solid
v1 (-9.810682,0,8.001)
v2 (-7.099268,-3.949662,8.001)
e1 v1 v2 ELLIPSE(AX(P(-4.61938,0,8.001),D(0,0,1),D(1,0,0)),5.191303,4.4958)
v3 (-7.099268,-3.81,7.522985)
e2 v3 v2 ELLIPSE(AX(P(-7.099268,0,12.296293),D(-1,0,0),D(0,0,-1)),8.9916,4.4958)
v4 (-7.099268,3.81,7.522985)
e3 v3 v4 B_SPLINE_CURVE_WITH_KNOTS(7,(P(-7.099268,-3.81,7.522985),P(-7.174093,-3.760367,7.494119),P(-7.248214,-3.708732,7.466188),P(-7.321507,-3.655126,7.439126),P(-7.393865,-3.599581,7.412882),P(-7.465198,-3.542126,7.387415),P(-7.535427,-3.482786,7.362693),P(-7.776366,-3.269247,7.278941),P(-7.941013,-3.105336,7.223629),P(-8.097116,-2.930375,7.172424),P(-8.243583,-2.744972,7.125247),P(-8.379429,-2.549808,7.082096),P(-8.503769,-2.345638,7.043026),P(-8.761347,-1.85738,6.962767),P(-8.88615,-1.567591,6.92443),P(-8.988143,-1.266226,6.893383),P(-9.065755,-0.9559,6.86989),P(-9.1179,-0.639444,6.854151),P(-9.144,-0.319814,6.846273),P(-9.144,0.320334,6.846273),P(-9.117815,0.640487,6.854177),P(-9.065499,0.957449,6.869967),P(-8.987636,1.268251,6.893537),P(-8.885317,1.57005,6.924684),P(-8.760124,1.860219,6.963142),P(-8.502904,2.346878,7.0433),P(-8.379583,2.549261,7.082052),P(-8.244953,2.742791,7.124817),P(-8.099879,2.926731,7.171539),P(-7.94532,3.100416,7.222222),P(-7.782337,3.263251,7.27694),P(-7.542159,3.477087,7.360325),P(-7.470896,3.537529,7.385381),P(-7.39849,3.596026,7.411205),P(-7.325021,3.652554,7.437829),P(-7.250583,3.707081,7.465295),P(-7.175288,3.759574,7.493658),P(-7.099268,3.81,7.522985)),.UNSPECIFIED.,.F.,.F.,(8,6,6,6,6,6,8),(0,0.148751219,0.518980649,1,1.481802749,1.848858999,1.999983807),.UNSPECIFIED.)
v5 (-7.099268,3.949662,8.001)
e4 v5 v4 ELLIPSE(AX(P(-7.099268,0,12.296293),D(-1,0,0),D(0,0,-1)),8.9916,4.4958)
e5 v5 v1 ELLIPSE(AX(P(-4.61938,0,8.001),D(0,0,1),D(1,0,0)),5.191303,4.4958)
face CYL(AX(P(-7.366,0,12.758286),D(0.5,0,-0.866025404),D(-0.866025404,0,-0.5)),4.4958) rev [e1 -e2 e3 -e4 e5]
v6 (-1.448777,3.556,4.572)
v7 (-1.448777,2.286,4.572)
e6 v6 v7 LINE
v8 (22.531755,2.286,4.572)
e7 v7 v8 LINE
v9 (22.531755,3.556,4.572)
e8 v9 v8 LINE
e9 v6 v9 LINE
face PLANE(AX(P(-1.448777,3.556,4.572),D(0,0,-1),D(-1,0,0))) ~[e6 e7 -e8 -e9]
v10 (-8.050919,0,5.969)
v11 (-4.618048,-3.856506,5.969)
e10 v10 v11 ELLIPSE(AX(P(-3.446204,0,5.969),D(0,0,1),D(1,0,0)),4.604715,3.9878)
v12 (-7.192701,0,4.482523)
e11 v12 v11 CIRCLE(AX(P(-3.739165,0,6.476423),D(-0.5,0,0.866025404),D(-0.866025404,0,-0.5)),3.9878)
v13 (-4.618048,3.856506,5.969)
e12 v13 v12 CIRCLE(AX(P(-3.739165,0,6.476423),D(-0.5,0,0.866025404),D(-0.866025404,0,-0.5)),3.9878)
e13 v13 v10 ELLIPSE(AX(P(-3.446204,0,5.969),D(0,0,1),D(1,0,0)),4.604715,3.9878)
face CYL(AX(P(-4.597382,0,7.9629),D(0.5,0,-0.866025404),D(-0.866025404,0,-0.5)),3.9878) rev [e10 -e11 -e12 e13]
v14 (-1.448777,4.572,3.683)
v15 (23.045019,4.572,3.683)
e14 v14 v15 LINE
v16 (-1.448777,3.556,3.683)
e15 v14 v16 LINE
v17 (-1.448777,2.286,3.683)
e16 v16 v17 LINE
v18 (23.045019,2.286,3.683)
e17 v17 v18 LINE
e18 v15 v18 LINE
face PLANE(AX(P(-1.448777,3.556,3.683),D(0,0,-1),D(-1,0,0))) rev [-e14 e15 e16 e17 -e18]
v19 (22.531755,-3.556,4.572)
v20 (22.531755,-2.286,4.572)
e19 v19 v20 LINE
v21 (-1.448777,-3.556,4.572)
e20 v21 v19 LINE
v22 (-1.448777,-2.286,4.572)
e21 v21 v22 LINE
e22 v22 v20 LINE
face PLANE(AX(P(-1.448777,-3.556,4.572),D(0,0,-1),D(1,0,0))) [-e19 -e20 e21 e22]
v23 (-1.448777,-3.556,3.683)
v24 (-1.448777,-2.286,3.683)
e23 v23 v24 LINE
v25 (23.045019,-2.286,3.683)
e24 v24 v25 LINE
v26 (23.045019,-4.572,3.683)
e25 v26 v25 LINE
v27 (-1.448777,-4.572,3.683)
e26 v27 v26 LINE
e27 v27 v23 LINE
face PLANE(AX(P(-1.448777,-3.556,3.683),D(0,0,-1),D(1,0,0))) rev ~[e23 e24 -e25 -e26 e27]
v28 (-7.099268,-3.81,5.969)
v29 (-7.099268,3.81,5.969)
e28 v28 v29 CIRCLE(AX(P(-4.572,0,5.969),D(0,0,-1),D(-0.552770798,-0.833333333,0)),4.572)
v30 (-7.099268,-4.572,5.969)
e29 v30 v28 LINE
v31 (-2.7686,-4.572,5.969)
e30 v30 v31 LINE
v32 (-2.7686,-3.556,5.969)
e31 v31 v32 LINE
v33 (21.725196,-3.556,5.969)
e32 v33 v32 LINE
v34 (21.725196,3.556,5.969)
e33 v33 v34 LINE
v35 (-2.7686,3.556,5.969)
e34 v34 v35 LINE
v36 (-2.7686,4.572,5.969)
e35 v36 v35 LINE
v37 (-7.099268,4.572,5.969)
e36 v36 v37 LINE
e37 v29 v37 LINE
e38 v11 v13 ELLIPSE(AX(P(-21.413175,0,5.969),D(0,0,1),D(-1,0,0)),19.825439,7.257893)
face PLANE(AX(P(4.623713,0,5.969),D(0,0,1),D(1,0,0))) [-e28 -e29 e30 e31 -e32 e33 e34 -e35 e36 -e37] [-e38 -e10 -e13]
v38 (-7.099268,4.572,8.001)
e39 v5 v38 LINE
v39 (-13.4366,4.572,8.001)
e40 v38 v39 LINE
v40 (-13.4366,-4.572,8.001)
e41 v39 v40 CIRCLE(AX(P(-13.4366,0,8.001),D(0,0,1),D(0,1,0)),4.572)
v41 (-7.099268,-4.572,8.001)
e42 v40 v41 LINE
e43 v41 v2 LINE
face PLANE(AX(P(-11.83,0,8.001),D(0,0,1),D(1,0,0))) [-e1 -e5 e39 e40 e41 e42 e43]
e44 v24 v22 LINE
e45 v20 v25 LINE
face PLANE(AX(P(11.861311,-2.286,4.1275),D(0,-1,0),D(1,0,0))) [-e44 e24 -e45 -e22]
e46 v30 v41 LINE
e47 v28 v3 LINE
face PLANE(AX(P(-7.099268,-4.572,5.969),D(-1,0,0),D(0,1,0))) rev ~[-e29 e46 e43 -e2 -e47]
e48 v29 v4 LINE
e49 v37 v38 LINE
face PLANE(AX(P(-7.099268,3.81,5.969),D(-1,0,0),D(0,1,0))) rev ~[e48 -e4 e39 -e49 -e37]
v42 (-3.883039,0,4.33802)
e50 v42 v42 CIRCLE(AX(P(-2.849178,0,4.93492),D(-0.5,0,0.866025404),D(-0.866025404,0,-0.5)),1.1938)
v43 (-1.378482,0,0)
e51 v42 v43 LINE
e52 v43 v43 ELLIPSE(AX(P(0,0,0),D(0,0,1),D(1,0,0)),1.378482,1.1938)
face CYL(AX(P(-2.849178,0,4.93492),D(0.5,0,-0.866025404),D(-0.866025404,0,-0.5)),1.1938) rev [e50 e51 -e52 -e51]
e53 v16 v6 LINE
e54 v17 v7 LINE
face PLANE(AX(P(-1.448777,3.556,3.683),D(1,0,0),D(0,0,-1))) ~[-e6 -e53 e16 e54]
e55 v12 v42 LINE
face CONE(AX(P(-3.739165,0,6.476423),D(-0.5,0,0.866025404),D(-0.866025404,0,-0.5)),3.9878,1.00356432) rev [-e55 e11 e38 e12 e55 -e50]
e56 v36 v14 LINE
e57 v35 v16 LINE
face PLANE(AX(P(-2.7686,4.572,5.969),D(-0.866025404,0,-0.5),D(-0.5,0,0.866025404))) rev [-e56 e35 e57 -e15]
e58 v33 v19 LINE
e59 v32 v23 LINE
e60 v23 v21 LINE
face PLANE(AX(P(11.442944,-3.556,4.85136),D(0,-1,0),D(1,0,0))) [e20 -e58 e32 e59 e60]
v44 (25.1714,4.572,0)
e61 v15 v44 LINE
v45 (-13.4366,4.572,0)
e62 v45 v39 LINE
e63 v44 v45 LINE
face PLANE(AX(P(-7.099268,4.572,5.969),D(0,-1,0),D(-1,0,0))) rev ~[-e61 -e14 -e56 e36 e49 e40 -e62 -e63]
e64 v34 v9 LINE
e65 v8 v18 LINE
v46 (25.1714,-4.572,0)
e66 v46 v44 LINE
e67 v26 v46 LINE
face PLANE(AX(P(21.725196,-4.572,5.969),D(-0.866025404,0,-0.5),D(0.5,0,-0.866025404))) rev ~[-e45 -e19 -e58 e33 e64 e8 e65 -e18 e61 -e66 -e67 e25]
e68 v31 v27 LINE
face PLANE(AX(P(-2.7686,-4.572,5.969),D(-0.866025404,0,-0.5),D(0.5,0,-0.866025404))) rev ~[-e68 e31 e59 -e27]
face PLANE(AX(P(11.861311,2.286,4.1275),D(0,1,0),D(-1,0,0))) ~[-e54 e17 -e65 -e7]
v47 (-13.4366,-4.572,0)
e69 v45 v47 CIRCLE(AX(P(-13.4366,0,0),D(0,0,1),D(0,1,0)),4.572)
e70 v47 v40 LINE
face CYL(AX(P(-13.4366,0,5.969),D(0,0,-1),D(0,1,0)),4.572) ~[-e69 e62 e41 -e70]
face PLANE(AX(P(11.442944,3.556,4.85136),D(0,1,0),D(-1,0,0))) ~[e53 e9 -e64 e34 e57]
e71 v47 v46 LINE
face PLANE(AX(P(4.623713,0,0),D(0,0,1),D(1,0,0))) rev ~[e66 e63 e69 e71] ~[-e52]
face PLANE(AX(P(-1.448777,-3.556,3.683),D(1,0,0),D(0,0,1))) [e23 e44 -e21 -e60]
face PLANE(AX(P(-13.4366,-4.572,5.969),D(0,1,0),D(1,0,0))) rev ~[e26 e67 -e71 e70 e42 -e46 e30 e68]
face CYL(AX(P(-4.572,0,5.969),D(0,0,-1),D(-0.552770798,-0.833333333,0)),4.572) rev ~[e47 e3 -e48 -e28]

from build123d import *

# Parameters (mm, degrees)
F1_DEPTH  = 5.969
F3_DEPTH  = 1.016
F4_W      = 26.6201772846
F4_H      = 0.889
F5_DEPTH  = 1.27
F7_DEPTH  = 9.145
F10_DEPTH = 2.032


with BuildPart() as f1:
    # F0 (on Top) → F1 (new body)
    with BuildSketch(Plane.XY):
        with BuildLine():
            Line((25.1714, 4.572), (-13.4366, 4.572))
            ThreePointArc((-13.4366, 4.572), (-18.0086, 0), (-13.4366, -4.572))
            Line((-13.4366, -4.572), (25.1714, -4.572))
            Line((25.1714, -4.572), (25.1714, 4.572))
        make_face()
    extrude(amount=F1_DEPTH)

    # F2 (on face) → F3 (cut)
    with BuildSketch(Plane.XZ.offset(4.572)):
        Polygon((-2.7686, 5.969), (-1.4487772846, 3.683), (25.1714, 3.683), (25.1714, 5.969), align=None)
    extrude(amount=-F3_DEPTH, mode=Mode.SUBTRACT)

    # F4 (on face) → F5 (cut)
    with BuildSketch(Plane.XZ.offset(3.556)):
        with Locations((11.8613113577, 4.1275)):
            Rectangle(F4_W, F4_H)
    extrude(amount=-F5_DEPTH, mode=Mode.SUBTRACT)

    # F6 (on face) → F7 (cut, through all)
    with BuildSketch(Plane.XZ.offset(4.572)):
        Polygon((21.7251962432, 5.969), (25.1714, 0), (25.1714, 5.969), align=None)
    extrude(amount=-F7_DEPTH, mode=Mode.SUBTRACT)

    # F8: F1 across plane


with BuildPart() as f1_1:
    add(f1.part)
    add(f1.part.mirror(Plane.XZ), mode=Mode.INTERSECT)

    # F9 (on face) → F10 (join)
    with BuildSketch(Plane.XY.offset(5.969)):
        with BuildLine():
            Line((-7.0992680903, 4.572), (-13.4366, 4.572))
            ThreePointArc((-13.4366, 4.572), (-18.0086, 0), (-13.4366, -4.572))
            Line((-13.4366, -4.572), (-7.0992680903, -4.572))
            Line((-7.0992680903, -4.572), (-7.0992680903, -3.81))
            ThreePointArc((-7.0992680903, -3.81), (-9.144, 0), (-7.0992680903, 3.81))
            Line((-7.0992680903, 3.81), (-7.0992680903, 4.572))
        make_face()
    extrude(amount=F10_DEPTH)

    # F11 (on Front) → F12 (revolve, cut)
    with BuildSketch(Plane.XZ):
        Polygon((1.905, -3.2995567884), (0, 0), (-7.366, 12.7582862486), (-11.2594770103, 10.5103862486), (-8.6375064372, 5.969), (-8.0509185637, 5.969), (-7.1927008583, 4.4825233303), (-3.8830387258, 4.3380203608), (0.871138873, -3.8964567884), align=None)
    revolve(axis=Axis((-3.683, 0, 6.3791431243), (-0.5, 0, 0.8660254038)), mode=Mode.SUBTRACT)


solid = f1_1.part
